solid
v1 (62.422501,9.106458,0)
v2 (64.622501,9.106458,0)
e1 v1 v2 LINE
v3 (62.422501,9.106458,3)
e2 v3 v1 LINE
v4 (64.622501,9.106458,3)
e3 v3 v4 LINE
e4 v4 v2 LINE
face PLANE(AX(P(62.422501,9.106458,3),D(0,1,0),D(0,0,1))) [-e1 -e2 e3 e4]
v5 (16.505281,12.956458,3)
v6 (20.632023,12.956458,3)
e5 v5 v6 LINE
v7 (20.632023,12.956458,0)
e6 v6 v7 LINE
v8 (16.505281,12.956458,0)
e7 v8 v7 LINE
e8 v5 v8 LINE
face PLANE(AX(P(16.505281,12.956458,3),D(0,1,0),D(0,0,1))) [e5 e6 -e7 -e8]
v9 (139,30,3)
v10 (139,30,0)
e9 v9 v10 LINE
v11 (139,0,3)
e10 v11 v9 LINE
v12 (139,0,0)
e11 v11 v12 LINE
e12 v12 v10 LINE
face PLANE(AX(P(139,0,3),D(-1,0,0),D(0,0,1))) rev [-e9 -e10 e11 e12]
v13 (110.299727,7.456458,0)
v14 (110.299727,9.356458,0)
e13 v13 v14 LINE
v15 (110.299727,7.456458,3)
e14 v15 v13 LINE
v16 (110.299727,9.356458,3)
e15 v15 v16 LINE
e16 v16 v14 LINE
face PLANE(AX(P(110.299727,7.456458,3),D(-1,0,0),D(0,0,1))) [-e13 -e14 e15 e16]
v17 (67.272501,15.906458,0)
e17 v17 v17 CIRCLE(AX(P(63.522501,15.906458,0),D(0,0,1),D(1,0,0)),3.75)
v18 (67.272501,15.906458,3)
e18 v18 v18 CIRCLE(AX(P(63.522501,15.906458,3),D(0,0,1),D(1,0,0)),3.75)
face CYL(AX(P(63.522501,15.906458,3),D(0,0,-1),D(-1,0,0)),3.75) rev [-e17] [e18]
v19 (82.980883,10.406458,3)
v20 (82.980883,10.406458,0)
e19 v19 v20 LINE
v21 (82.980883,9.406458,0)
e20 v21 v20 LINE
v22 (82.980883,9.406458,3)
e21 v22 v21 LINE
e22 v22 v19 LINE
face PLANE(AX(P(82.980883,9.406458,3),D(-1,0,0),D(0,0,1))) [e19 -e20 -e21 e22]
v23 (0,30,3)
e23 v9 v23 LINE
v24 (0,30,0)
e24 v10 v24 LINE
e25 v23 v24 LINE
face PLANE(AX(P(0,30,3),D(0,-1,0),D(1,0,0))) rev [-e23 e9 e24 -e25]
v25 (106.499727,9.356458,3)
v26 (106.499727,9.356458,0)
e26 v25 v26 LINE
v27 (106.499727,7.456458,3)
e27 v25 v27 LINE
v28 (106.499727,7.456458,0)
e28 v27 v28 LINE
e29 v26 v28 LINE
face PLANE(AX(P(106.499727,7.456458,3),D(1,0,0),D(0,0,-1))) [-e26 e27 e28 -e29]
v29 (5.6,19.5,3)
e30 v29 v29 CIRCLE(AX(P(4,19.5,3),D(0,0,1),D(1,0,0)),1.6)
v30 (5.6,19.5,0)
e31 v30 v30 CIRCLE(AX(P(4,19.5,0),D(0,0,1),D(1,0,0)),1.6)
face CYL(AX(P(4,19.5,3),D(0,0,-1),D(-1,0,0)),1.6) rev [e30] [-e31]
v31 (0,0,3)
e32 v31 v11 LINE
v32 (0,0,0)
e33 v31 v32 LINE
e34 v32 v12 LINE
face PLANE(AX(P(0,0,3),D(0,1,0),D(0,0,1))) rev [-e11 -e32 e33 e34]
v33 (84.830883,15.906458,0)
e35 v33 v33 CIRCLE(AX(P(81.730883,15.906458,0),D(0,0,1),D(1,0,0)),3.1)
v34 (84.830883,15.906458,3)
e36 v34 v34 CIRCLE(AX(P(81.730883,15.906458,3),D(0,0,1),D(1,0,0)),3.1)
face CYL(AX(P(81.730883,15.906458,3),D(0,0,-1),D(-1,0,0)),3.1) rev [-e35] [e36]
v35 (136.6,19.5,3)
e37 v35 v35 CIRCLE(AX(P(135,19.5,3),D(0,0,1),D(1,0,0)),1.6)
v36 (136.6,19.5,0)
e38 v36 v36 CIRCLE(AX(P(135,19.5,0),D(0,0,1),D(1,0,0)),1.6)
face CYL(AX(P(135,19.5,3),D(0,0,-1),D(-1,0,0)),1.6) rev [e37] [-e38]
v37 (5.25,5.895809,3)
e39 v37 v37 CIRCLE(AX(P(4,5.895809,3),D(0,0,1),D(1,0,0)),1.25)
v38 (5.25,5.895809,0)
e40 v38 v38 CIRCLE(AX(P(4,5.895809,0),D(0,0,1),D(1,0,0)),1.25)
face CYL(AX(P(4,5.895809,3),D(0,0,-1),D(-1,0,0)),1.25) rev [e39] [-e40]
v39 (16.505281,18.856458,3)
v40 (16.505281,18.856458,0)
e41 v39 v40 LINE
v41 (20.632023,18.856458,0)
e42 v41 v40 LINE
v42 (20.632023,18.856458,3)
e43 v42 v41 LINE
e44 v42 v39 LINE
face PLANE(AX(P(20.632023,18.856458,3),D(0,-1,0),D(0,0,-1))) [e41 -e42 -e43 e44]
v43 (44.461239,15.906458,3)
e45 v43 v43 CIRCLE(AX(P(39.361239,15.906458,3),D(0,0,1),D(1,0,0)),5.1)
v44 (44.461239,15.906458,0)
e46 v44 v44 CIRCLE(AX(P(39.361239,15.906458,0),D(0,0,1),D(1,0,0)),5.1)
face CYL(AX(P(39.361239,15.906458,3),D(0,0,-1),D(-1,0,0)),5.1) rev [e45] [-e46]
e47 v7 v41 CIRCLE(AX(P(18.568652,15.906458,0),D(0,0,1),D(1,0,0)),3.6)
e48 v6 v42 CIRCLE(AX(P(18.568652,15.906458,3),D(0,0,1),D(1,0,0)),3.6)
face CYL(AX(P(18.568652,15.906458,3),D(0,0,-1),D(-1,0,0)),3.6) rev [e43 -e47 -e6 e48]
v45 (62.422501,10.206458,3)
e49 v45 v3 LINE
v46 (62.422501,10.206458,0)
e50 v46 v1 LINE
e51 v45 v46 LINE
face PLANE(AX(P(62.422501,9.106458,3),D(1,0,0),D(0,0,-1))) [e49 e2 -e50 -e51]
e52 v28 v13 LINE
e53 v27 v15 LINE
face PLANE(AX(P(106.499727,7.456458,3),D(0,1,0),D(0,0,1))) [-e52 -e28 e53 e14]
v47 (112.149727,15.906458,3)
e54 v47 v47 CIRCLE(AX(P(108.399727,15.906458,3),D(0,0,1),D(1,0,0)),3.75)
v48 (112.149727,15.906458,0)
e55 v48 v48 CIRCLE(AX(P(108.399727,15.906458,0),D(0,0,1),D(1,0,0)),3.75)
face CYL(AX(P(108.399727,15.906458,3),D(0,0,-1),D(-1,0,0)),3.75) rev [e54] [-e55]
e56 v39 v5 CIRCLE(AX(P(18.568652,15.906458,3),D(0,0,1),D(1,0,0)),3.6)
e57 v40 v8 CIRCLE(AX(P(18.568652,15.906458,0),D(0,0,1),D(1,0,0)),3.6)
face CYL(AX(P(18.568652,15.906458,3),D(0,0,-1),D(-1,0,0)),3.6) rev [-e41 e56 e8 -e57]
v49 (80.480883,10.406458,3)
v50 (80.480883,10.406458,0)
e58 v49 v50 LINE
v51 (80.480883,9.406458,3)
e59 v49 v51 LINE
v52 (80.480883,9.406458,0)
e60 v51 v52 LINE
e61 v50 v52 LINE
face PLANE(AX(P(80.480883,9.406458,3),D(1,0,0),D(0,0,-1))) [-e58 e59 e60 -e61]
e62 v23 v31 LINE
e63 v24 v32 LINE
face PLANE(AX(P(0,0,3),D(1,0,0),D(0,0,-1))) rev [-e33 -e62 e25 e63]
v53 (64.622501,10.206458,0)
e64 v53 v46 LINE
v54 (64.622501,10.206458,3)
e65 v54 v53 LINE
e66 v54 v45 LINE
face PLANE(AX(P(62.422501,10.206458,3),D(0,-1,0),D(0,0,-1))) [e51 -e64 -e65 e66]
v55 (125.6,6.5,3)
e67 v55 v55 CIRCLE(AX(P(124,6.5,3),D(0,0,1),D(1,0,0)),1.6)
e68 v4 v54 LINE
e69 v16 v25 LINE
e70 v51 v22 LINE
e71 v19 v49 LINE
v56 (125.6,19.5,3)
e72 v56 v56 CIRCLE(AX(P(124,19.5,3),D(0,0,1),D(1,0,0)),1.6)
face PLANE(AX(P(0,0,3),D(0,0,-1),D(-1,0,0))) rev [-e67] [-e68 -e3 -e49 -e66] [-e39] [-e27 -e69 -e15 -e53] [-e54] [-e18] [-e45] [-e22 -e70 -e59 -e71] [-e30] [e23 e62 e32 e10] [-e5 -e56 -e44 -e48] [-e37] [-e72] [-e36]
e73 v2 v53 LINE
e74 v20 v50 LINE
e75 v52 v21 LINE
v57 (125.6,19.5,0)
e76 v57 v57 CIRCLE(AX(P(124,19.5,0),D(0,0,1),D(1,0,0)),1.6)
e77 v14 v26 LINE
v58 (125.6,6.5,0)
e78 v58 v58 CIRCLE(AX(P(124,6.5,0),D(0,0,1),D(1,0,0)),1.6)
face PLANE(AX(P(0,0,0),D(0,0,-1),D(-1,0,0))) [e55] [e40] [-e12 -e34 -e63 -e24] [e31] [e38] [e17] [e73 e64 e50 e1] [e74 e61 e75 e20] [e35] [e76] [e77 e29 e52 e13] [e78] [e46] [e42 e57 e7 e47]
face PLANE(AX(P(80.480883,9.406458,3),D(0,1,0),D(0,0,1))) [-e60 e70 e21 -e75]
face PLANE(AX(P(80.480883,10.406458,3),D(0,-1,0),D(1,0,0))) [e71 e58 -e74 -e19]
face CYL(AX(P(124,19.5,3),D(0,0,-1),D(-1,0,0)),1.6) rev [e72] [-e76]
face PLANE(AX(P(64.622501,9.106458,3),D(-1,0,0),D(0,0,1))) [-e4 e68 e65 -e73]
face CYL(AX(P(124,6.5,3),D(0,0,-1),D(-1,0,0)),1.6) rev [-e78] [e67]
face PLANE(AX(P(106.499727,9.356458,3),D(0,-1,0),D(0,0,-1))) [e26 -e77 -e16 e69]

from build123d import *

# Parameters (mm, degrees)
SKETCH1_W           = 139
SKETCH1_H           = 30
SKETCH1_R           = 1.6
SKETCH1_R_2         = 5.1
SKETCH1_R_3         = 3.75
SKETCH1_R_4         = 3.1
SKETCH1_R_5         = 1.25
SKETCH1_W_2         = 2.2
SKETCH1_H_2         = 1.1
SKETCH1_W_3         = 2.5
SKETCH1_H_3         = 1
SKETCH1_W_4         = 3.8
SKETCH1_H_4         = 1.9
BOSS_EXTRUDE1_DEPTH = 3


with BuildPart() as part:
    # Sketch1 → Boss-Extrude1 (new body)
    with BuildSketch(Plane.XY):
        with Locations((69.5, 15)):
            Rectangle(SKETCH1_W, SKETCH1_H)
        with Locations((4, 19.5)):
            Circle(SKETCH1_R, mode=Mode.SUBTRACT)
        with Locations((135, 19.5)):
            Circle(SKETCH1_R, mode=Mode.SUBTRACT)
        with Locations((124, 19.5)):
            Circle(SKETCH1_R, mode=Mode.SUBTRACT)
        with Locations((39.361239448, 15.906458033)):
            Circle(SKETCH1_R_2, mode=Mode.SUBTRACT)
        with Locations((63.522500572, 15.906458033)):
            Circle(SKETCH1_R_3, mode=Mode.SUBTRACT)
        with Locations((81.730883445, 15.906458033)):
            Circle(SKETCH1_R_4, mode=Mode.SUBTRACT)
        with Locations((108.399727047, 15.906458033)):
            Circle(SKETCH1_R_3, mode=Mode.SUBTRACT)
        with Locations((4, 5.895808563)):
            Circle(SKETCH1_R_5, mode=Mode.SUBTRACT)
        with Locations((124, 6.5)):
            Circle(SKETCH1_R, mode=Mode.SUBTRACT)
        with Locations((63.522500572, 9.656458033)):
            Rectangle(SKETCH1_W_2, SKETCH1_H_2, mode=Mode.SUBTRACT)
        with Locations((81.730883445, 9.906458033)):
            Rectangle(SKETCH1_W_3, SKETCH1_H_3, mode=Mode.SUBTRACT)
        with Locations((108.399727047, 8.406458033)):
            Rectangle(SKETCH1_W_4, SKETCH1_H_4, mode=Mode.SUBTRACT)
        with BuildLine():
            Line((16.505280772, 12.956458033), (20.632022828, 12.956458033))
            ThreePointArc((20.632022828, 12.956458033), (22.1686518, 15.906458033), (20.632022828, 18.856458033))
            Line((20.632022828, 18.856458033), (16.505280772, 18.856458033))
            ThreePointArc((16.505280772, 18.856458033), (14.9686518, 15.906458033), (16.505280772, 12.956458033))
        make_face(mode=Mode.SUBTRACT)
    extrude(amount=BOSS_EXTRUDE1_DEPTH)


solid = part.part
